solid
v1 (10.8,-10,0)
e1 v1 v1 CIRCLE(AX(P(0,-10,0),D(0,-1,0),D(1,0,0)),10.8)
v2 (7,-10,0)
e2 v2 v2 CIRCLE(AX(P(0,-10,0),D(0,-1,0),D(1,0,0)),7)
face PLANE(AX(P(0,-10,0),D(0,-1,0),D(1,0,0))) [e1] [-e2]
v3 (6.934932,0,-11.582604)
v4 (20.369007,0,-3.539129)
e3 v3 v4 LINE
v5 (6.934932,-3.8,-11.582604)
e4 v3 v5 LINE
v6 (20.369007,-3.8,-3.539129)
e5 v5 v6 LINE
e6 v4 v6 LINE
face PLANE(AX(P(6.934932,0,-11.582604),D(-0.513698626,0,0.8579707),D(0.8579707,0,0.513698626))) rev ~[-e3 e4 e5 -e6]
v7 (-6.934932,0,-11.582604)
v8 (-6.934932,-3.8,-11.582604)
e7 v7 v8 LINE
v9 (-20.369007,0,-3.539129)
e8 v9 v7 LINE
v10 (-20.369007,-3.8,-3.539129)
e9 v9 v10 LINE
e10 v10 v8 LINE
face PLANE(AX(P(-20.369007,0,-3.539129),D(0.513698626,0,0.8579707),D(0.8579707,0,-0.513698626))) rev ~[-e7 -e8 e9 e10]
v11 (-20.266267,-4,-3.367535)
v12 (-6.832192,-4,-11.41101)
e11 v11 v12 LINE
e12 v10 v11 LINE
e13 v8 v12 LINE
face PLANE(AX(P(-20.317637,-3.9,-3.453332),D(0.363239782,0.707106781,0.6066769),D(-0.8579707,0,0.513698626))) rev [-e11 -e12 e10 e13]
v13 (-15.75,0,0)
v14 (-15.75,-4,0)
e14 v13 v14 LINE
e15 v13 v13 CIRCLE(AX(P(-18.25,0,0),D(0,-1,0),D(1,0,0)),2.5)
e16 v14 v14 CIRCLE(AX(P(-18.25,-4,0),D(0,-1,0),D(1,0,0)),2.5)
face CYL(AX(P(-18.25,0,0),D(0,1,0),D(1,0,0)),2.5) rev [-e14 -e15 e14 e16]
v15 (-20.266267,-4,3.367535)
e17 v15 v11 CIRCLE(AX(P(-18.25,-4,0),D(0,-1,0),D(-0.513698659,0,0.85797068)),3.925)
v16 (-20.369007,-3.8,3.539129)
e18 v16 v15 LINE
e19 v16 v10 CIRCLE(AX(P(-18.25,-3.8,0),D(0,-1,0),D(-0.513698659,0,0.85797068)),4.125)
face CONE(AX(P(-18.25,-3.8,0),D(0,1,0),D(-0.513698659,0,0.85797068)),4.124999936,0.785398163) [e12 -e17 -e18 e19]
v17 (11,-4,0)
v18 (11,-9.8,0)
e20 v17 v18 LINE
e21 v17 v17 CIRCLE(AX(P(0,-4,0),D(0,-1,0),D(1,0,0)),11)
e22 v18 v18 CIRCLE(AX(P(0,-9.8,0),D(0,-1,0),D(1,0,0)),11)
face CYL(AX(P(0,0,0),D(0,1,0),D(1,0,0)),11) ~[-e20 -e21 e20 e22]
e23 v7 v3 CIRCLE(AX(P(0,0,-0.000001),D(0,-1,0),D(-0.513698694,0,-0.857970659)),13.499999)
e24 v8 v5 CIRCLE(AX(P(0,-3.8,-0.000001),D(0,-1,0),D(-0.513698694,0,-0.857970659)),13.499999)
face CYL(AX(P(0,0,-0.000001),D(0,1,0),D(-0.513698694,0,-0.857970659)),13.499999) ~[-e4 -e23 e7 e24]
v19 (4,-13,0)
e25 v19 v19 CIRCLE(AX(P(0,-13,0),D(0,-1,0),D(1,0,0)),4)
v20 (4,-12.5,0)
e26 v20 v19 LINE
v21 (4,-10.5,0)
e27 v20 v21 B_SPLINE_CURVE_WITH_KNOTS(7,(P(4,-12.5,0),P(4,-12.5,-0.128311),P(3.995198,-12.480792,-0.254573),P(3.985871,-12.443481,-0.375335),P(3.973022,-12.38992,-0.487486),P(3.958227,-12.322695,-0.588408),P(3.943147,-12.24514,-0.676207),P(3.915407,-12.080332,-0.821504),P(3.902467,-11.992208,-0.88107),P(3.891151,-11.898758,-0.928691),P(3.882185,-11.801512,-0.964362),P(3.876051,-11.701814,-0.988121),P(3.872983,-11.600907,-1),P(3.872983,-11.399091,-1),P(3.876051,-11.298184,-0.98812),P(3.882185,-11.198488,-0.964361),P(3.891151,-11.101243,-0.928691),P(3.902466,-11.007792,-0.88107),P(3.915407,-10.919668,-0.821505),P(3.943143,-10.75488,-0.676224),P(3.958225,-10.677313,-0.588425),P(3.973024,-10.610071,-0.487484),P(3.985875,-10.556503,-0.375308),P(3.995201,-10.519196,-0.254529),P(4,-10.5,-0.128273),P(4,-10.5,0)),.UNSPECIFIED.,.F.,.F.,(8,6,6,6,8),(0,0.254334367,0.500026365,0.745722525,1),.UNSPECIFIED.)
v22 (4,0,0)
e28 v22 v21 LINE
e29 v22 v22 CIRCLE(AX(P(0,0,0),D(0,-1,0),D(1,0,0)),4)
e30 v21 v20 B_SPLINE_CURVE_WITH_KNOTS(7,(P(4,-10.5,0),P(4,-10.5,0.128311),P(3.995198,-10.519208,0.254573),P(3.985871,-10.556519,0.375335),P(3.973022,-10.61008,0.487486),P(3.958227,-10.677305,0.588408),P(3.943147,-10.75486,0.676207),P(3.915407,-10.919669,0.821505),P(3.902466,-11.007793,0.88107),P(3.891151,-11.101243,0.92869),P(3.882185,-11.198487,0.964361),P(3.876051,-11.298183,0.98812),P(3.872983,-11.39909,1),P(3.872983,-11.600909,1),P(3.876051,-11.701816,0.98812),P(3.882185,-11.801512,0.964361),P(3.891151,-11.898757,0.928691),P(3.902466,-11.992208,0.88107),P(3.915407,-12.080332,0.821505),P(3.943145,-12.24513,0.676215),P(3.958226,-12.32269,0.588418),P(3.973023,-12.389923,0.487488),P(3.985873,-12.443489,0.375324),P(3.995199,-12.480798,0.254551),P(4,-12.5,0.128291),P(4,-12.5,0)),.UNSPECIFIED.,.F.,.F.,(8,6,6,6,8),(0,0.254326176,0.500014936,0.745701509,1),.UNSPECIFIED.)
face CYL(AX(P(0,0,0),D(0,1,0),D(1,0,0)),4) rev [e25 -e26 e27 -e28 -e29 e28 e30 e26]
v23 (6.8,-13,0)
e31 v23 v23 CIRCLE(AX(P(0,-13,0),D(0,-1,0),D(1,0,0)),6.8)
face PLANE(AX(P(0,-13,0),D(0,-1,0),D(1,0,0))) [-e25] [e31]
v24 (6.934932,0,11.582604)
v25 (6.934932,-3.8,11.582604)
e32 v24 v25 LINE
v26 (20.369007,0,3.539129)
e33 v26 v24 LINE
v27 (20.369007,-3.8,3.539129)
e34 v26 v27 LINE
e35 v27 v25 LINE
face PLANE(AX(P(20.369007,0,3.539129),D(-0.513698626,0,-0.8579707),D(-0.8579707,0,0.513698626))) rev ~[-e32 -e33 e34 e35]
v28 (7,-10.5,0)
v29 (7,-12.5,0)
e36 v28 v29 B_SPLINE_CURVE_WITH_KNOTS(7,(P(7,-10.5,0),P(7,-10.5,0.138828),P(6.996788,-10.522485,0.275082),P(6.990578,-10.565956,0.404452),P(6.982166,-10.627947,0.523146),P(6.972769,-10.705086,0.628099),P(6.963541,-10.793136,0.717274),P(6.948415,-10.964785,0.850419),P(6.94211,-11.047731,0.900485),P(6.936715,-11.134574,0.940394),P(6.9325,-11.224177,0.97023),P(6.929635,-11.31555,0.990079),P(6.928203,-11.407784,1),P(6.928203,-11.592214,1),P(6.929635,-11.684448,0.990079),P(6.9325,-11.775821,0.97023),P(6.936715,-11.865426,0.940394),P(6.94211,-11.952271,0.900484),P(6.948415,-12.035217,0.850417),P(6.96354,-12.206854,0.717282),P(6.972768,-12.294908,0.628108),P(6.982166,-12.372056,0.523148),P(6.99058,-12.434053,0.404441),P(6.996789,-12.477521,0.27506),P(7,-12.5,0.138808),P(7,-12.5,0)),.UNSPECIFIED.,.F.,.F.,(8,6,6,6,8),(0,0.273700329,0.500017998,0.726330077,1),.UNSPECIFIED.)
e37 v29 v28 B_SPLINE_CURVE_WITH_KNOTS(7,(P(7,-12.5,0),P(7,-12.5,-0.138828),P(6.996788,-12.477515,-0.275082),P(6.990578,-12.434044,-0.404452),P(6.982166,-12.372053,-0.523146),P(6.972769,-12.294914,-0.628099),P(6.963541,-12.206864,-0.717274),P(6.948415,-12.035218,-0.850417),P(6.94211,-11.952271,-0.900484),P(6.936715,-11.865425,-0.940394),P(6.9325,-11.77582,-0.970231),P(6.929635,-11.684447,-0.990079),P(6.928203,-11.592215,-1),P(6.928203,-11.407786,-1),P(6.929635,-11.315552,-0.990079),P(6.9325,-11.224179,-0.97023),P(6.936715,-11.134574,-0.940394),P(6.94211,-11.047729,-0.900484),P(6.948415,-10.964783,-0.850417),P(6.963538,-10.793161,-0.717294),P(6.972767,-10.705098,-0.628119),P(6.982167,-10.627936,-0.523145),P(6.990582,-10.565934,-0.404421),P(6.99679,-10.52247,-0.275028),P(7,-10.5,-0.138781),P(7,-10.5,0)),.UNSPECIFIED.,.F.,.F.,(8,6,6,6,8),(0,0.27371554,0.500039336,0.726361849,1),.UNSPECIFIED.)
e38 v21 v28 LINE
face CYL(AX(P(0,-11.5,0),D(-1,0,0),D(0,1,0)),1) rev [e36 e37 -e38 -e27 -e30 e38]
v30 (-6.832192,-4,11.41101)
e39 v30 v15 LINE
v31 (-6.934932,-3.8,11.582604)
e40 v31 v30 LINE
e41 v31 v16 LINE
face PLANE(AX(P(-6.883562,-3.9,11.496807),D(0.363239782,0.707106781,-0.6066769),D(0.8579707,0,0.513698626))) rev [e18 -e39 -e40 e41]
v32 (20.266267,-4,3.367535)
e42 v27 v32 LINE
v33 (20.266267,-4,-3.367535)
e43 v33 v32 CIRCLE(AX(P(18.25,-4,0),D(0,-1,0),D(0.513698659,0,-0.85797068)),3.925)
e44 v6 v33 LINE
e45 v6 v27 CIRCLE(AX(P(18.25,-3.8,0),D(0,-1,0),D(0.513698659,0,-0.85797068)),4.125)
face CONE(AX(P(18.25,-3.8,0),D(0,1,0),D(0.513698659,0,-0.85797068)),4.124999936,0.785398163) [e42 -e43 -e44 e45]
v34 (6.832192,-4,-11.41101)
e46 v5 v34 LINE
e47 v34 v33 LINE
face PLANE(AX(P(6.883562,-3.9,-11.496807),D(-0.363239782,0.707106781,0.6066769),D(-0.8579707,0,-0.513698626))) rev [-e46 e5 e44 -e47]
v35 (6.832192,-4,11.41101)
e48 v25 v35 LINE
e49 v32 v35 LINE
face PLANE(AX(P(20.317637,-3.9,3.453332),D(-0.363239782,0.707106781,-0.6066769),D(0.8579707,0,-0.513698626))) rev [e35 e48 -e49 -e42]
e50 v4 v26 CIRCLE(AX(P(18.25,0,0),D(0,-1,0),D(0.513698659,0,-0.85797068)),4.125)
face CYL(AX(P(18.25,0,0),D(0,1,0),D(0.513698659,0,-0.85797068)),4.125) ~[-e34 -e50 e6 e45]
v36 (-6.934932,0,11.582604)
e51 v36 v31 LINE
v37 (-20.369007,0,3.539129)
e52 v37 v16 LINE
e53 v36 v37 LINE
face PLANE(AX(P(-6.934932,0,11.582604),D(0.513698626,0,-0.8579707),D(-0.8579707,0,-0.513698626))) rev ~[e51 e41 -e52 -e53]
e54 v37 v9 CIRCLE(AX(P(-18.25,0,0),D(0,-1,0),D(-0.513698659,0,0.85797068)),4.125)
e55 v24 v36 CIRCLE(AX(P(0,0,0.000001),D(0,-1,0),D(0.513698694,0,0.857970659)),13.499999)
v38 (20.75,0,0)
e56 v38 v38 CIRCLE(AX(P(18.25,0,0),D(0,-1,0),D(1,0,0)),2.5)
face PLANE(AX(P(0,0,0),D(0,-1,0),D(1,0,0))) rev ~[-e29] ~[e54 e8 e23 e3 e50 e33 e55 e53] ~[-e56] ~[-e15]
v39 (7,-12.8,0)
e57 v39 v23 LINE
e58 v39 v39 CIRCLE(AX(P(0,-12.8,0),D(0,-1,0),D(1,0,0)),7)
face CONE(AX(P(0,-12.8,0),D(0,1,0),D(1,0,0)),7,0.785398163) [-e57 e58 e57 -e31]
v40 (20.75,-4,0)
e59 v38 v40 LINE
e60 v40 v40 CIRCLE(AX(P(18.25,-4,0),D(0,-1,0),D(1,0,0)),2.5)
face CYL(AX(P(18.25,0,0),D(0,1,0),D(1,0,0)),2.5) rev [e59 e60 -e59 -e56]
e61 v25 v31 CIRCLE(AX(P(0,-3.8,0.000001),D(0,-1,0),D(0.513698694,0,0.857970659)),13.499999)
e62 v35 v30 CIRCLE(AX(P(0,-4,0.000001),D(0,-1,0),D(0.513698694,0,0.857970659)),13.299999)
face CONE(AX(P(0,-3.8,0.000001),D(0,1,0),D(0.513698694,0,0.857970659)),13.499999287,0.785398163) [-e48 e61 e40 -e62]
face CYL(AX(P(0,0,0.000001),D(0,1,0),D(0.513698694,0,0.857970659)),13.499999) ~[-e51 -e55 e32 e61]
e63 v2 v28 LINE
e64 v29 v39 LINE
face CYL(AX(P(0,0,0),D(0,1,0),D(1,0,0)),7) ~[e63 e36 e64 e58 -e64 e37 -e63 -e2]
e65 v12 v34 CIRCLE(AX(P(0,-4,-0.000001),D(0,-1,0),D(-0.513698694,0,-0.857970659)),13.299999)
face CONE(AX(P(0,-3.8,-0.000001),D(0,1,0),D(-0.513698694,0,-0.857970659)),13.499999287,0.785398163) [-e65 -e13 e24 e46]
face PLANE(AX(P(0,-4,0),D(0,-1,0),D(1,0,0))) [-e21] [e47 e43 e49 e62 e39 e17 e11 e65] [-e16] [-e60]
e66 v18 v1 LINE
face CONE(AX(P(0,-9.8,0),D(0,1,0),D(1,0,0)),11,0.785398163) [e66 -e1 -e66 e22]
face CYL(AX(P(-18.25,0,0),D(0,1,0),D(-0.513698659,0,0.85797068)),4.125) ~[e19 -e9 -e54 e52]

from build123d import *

# Parameters (mm, degrees)
F0_R     = 2.5
F0_R_2   = 11
F1_DEPTH = 4
F0_R_3   = 7
F0_R_4   = 4
F2_DEPTH = 13
F3_DEPTH = 10
F4_R     = 1
F5_DEPTH = 8
F6_SIZE  = 0.2
F7_SIZE  = 0.2
F8_SIZE  = 0.2


with BuildPart() as f1:
    # F0 (on Front) → F1 (new body)
    with BuildSketch(Plane.XZ):
        with BuildLine():
            Line((-20.369007, -3.539129), (-6.934932, -11.582604))
            ThreePointArc((-6.934932, -11.582604), (0, -13.5), (6.934932, -11.582604))
            Line((6.934932, -11.582604), (20.369007, -3.539129))
            ThreePointArc((20.369007, -3.539129), (22.375, 0), (20.369007, 3.539129))
            Line((20.369007, 3.539129), (6.934932, 11.582604))
            ThreePointArc((6.934932, 11.582604), (0, 13.5), (-6.934932, 11.582604))
            Line((-6.934932, 11.582604), (-20.369007, 3.539129))
            ThreePointArc((-20.369007, 3.539129), (-22.375, 0), (-20.369007, -3.539129))
        make_face()
        with Locations((-18.25, 0)):
            Circle(F0_R, mode=Mode.SUBTRACT)
        Circle(F0_R_2, mode=Mode.SUBTRACT)
        with Locations((18.25, 0)):
            Circle(F0_R, mode=Mode.SUBTRACT)
    extrude(amount=F1_DEPTH)



with BuildPart() as f2:
    # F0 (on Front) → F2 (new body)
    with BuildSketch(Plane.XZ):
        Circle(F0_R_3)
        Circle(F0_R_4, mode=Mode.SUBTRACT)
    extrude(amount=F2_DEPTH)


with BuildPart() as f1_1:
    add(f1.part)

    add(f2.part)  # F3 merges F2
    # F0 (on Front) → F3 (join)
    with BuildSketch(Plane.XZ):
        Circle(F0_R_2)
        Circle(F0_R_3, mode=Mode.SUBTRACT)
    extrude(amount=F3_DEPTH)

    # F4 (on Right) → F5 (cut)
    with BuildSketch(Plane.YZ):
        with Locations((-11.5, 0)):
            Circle(F4_R)
    extrude(amount=F5_DEPTH, mode=Mode.SUBTRACT)

    # F6
    f6_edges = [f1_1.edges().sort_by_distance(p)[0] for p in [
        (-11, -10, 0),
    ]]
    chamfer(f6_edges, length=F6_SIZE)

    # F7
    f7_edges = [f1_1.edges().sort_by_distance(p)[0] for p in [
        (-7, -13, 0),
    ]]
    chamfer(f7_edges, length=F7_SIZE)

    # F8
    f8_edges = [f1_1.edges().sort_by_distance(p)[0] for p in [
        (13.651969, -4, -7.560867),
        (13.651969, -4, 7.560867),
        (22.375, -4, 0),
        (0, -4, -13.5),
        (0, -4, 13.5),
        (-13.651969, -4, 7.560867),
        (-13.651969, -4, -7.560867),
        (-22.375, -4, 0),
    ]]
    chamfer(f8_edges, length=F8_SIZE)


solid = f1_1.part
